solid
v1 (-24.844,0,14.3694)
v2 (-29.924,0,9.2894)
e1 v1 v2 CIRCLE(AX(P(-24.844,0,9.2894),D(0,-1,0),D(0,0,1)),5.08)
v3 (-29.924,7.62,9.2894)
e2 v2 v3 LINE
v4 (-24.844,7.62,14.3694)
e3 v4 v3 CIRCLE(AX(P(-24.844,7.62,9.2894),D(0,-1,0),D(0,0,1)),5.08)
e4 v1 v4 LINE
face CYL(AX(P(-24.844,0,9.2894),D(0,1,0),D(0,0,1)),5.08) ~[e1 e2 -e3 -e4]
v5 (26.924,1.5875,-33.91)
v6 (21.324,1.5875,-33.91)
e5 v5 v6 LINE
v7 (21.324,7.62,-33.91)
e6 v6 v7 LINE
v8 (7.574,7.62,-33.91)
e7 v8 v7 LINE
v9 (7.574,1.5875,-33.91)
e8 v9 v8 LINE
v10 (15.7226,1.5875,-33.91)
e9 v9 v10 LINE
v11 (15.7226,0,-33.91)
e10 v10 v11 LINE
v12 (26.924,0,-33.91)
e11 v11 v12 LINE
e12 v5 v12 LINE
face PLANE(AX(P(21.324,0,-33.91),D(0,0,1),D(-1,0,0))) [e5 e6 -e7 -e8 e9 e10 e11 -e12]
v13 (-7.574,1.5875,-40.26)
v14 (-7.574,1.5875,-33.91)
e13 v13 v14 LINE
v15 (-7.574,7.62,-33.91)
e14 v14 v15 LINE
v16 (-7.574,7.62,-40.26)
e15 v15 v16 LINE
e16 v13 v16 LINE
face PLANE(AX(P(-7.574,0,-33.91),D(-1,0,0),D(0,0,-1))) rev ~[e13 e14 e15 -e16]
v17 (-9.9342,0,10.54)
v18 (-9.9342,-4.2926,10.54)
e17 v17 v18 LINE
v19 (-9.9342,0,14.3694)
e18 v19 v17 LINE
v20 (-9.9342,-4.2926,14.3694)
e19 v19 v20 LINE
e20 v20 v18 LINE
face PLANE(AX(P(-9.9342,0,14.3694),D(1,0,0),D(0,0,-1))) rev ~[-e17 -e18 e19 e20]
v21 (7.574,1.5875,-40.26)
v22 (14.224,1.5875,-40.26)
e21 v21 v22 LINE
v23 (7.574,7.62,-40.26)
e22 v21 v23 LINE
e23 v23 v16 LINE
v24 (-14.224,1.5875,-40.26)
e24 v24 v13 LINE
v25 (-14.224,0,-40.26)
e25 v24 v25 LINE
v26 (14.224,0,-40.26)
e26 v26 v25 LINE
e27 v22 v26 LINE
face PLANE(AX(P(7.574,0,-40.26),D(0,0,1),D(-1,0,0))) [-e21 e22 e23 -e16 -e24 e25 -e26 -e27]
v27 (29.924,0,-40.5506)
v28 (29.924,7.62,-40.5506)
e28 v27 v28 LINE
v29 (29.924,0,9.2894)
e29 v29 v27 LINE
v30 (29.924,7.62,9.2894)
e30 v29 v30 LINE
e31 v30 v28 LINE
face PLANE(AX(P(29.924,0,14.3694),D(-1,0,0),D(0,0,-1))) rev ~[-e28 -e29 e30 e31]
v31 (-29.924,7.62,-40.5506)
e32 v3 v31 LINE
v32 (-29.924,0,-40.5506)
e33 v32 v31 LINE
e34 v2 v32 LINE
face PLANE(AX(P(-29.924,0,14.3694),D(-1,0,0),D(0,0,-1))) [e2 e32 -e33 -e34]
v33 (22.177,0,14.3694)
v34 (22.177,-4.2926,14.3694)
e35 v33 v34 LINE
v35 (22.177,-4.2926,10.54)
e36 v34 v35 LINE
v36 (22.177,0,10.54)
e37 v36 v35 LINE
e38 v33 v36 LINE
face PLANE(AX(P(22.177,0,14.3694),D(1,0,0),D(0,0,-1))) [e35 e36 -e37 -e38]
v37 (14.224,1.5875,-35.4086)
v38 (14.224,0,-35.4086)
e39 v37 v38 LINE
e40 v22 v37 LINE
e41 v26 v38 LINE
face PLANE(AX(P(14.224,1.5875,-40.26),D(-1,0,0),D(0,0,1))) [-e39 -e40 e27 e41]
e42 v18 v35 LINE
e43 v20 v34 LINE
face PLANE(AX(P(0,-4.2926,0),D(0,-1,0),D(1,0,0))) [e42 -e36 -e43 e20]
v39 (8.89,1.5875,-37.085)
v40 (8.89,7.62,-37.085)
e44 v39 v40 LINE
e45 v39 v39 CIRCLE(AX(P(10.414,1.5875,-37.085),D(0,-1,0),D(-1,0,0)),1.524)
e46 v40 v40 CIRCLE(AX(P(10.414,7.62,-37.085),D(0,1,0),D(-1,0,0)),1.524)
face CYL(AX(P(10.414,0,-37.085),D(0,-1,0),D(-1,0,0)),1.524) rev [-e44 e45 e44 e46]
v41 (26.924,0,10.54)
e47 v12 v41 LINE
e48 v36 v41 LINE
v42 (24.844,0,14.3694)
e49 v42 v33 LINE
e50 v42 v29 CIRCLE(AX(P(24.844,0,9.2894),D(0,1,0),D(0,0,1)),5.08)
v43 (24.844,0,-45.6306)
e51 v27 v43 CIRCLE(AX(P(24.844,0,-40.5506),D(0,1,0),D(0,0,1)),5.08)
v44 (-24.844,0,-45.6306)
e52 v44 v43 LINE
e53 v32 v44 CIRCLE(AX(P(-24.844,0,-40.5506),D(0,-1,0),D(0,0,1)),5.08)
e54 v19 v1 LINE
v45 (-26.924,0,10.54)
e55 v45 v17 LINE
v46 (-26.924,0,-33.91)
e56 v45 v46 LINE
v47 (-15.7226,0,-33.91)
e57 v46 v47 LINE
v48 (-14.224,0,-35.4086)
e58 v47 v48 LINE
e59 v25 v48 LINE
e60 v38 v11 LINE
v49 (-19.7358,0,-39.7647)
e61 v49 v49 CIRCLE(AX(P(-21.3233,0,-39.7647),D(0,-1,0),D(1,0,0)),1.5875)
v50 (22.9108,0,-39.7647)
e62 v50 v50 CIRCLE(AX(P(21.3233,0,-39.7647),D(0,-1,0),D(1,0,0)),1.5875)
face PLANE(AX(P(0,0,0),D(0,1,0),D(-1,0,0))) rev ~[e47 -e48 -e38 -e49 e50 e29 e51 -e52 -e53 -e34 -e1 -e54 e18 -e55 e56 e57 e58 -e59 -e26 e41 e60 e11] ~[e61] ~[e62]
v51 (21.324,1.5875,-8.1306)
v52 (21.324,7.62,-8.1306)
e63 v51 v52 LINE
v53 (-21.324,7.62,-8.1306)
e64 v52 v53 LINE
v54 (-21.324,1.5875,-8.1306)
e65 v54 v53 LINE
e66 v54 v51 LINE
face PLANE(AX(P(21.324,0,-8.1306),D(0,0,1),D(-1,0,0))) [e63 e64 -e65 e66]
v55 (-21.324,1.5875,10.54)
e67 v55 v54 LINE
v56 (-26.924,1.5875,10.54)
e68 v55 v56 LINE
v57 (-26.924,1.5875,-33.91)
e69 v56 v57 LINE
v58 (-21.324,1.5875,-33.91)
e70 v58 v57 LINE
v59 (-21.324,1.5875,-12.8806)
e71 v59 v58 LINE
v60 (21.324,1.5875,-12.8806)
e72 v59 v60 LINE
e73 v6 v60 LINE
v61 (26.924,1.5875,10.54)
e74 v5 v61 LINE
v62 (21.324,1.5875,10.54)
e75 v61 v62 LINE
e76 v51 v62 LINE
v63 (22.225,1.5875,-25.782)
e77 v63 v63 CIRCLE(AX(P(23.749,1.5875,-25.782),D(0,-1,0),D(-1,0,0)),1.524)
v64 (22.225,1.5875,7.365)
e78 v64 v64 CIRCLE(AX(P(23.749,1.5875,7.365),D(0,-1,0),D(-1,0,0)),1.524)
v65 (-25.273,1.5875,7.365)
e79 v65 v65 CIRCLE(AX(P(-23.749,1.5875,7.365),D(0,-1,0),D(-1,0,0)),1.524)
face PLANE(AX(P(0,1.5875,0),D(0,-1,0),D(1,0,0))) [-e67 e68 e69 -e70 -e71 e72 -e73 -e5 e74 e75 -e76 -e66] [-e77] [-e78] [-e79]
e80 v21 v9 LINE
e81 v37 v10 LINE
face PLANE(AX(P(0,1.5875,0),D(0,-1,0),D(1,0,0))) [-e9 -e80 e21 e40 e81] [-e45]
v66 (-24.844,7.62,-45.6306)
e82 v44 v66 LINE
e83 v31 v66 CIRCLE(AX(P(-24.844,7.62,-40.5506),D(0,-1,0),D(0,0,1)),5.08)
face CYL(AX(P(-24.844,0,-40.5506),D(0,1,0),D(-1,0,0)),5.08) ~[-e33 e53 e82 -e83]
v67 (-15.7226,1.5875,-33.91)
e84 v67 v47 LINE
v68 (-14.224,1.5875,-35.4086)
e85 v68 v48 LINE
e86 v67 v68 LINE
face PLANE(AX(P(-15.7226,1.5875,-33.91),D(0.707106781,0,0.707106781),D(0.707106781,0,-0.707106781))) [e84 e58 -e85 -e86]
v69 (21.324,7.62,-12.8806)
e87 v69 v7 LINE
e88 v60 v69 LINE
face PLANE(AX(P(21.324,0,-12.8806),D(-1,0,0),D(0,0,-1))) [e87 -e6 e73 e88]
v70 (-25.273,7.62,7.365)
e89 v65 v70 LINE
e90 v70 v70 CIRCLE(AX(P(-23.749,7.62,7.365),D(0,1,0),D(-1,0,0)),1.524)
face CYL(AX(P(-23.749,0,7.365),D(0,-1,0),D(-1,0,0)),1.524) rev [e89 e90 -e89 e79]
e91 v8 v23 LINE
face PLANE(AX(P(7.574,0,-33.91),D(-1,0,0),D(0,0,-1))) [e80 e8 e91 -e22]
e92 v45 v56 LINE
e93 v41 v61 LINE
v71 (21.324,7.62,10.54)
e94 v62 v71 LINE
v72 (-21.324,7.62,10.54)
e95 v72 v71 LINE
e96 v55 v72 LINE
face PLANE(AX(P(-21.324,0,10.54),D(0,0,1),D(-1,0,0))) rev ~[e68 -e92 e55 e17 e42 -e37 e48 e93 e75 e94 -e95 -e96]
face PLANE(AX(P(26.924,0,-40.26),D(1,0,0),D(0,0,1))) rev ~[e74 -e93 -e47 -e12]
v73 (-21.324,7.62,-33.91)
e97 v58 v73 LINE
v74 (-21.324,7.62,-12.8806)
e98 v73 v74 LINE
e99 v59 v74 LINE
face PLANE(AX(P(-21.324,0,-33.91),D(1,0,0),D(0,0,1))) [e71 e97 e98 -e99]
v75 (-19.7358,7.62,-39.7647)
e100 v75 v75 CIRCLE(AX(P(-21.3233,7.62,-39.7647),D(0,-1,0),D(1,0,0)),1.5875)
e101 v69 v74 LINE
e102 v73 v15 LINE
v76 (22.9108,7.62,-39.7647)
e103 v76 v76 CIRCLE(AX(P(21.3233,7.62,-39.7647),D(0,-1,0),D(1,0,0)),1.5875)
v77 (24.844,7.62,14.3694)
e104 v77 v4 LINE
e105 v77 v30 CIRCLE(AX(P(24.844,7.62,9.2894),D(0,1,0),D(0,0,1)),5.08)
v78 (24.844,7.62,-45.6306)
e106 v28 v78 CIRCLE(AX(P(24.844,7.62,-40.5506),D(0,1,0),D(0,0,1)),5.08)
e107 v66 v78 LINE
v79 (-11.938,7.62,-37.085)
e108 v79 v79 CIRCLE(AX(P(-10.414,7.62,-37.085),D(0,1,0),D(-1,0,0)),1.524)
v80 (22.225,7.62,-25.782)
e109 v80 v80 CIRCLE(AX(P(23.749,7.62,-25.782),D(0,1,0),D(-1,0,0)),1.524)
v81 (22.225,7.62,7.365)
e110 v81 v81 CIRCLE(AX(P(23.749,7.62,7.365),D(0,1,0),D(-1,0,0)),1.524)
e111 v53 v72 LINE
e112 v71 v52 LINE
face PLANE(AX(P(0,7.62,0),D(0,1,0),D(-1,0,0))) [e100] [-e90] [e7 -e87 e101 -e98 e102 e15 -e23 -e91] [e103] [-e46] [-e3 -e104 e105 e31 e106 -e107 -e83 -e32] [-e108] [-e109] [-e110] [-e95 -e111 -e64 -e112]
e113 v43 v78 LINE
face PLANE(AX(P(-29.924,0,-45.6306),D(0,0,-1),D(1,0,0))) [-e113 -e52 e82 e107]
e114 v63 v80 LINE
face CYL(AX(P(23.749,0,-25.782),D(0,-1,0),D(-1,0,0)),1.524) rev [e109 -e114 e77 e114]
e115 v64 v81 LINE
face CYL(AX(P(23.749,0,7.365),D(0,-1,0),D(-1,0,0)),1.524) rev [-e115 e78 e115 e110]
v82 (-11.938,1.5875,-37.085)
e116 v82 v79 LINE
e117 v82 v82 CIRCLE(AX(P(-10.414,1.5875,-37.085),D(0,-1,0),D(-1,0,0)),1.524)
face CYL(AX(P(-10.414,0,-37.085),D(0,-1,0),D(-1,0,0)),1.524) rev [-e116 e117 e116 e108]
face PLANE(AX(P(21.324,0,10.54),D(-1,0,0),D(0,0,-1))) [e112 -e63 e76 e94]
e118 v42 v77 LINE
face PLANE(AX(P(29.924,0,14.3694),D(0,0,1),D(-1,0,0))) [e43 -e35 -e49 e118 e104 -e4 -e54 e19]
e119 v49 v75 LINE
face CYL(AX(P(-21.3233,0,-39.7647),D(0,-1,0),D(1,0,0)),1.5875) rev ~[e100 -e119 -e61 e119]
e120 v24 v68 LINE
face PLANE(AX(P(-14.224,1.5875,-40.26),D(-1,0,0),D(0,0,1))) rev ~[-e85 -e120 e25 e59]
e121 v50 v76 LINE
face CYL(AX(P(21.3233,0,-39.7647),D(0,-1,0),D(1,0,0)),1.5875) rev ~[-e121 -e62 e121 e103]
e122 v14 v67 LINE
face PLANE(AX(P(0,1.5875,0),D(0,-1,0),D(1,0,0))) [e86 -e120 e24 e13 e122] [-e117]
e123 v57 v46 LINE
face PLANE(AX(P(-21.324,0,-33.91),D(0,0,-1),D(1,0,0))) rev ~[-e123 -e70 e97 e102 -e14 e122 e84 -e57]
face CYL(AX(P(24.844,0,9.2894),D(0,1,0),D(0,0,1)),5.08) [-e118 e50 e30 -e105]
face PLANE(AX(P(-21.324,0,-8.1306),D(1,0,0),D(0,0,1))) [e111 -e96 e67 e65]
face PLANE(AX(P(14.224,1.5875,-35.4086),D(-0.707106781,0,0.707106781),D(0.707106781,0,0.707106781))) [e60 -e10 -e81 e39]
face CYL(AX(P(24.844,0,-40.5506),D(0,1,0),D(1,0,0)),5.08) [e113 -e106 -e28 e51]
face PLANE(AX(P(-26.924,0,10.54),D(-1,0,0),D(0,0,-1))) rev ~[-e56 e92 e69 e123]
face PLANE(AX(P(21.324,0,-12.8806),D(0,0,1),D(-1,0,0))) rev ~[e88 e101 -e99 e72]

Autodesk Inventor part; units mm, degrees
ref_plane "YZ Plane" through (0, 0, 0) normal (1, 0, 0) x (0, 1, 0)
ref_plane "XZ Plane" through (0, 0, 0) normal (0, 1, 0) x (-1, 0, 0)
ref_plane "XY Plane" through (0, 0, 0) normal (0, 0, 1) x (1, 0, 0)
sketch "Sketch1" plane through (0, 0, 0) normal (0, 1, 0) x (-1, 0, 0)
  line L0 (21.324, 10.54) -> (-21.324, 10.54)
  line L1 (-21.324, -33.91) -> (-15.724, -33.91)
  circle A0 centre (-23.749, -25.782) radius 1.524
  circle A1 centre (-23.749, 7.365) radius 1.524
  circle A2 centre (23.749, 7.365) radius 1.524
  circle A3 centre (10.414, -37.085) radius 1.524
  circle A4 centre (-10.414, -37.085) radius 1.524
  line L2 (-29.924, 14.3694) -> (-29.924, -45.6306)
  line L3 (29.924, 14.3694) -> (29.924, -45.6306)
  line L4 (-29.924, 14.3694) -> (29.924, 14.3694)
  line L5 (-21.324, -33.91) -> (-7.574, -33.91)
  line L6 (-7.574, -33.91) -> (-7.574, -40.26)
  line L7 (-7.574, -40.26) -> (7.574, -40.26)
  line L8 (29.924, -45.6306) -> (-29.924, -45.6306)
  line L9 (-21.324, 10.54) -> (21.324, 10.54)
  circle A5 centre (-23.749, 7.365) radius 1.524
  circle A6 centre (23.749, 7.365) radius 1.524
  circle A7 centre (-23.749, -25.782) radius 1.524
  circle A8 centre (10.414, -37.085) radius 1.524
  circle A9 centre (-10.414, -37.085) radius 1.524
  line L10 (-21.324, -8.1306) -> (21.324, -8.1306)
  line L11 (-21.324, -12.8806) -> (21.324, -12.8806)
  line L12 (-21.324, 10.54) -> (-21.324, -8.1306)
  line L13 (-21.324, -12.8806) -> (-21.324, -33.91)
  line L14 (21.324, -33.91) -> (21.324, -12.8806)
  line L15 (21.324, -8.1306) -> (21.324, 10.54)
  line L16 (21.324, -33.91) -> (7.574, -33.91)
  line L17 (7.574, -33.91) -> (7.574, -40.26)
  point P0 (0, 0)
  point P1 (-14.449, -33.91)
  dimension "d6" = 60
  dimension "d9" = 13.75
  dimension "d11" = 56.1706
  dimension "d12" = 37.5
  dimension "d13" = 32.75
  dimension "d14" = 51.248
  dimension "d15" = 8.6
extrude "Extrusion1" add sketch "Sketch1" along normal blind 7.62
sketch "Sketch2" plane through (0, 0, 0) normal (0, -1, 0) x (1, 0, 0)
  line L0 (21.324, 10.54) -> (-21.324, 10.54) projected
  line L1 (0, 10.54) -> (-26.924, 10.54)
  line L2 (-26.924, 10.54) -> (-26.924, -40.26)
  line L3 (-26.924, -40.26) -> (26.924, -40.26)
  line L4 (26.924, -40.26) -> (26.924, 10.54)
  line L5 (26.924, 10.54) -> (0, 10.54)
  point P0 (0, 0)
  dimension "d18" = 26.924
  dimension "d19" = 50.8
  dimension "d20" = 53.848
extrude "Extrusion2" cut sketch "Sketch2" against normal blind 1.5875
fillet "Fillet1" radius 5.08 4 edges at (29.924, 3.81, 14.3694) (-29.924, 3.81, 14.3694) (29.924, 3.81, -45.6306) (-29.924, 3.81, -45.6306)
sketch "Sketch3" plane through (0, 0, 0) normal (0, -1, 0) x (1, 0, 0)
  line L0 (-24.844, 14.3694) -> (24.844, 14.3694) projected
  line L1 (-9.9342, 14.3694) -> (-9.9342, 10.54)
  line L2 (-29.924, -40.5506) -> (-29.924, 9.2894) projected
  line L3 (22.177, 14.3694) -> (22.177, 10.54)
  line L4 (-26.924, 10.54) -> (26.924, 10.54) projected
  line L5 (29.924, 9.2894) -> (29.924, -40.5506) projected
  line L6 (-9.9342, 14.3694) -> (22.177, 14.3694)
  line L7 (22.177, 10.54) -> (-9.9342, 10.54)
  point P0 (0, 0)
  dimension "d24" = 19.9898
  dimension "d25" = 7.747
extrude "Extrusion3" add sketch "Sketch3" along normal blind 4.2926
sketch "Sketch4" plane through (0, 1.5875, 0) normal (0, -1, 0) x (1, 0, 0)
  line L0 (21.324, -33.91) -> (21.324, -12.8806) projected
  line L1 (26.924, -40.26) -> (-26.924, -40.26) projected
  line L2 (-21.324, -33.91) -> (-7.574, -33.91) projected
  line L3 (-26.924, -40.26) -> (-14.224, -40.26)
  line L4 (-15.7226, -33.91) -> (-26.924, -33.91)
  line L5 (-26.924, -33.91) -> (-26.924, -40.26)
  line L6 (7.574, -33.91) -> (21.324, -33.91) projected
  line L7 (26.924, -40.26) -> (14.224, -40.26)
  line L8 (15.7226, -33.91) -> (26.924, -33.91)
  line L9 (26.924, -33.91) -> (26.924, -40.26)
  line L10 (-14.224, -40.26) -> (-14.224, -35.4086)
  circle A0 centre (-10.414, -37.085) radius 1.524 projected
  line L11 (-15.7226, -33.91) -> (-14.224, -35.4086)
  line L12 (14.224, -40.26) -> (14.224, -35.4086)
  circle A1 centre (10.414, -37.085) radius 1.524 projected
  line L13 (14.224, -35.4086) -> (15.7226, -33.91)
  point P0 (0, 0)
  dimension "d42" = 11.2014
  dimension "d43" = 11.2014
  dimension "d44" = 4.8514
  dimension "d45" = 3.81
  dimension "d46" = 4.8514
  dimension "d48" = 3.81
  dimension "d49" = 6.35
  dimension "d50" = 6.35
extrude "Extrusion4" add sketch "Sketch4" along normal blind 1.5875 contours L1 L5 L4 L2 L11 L10 | L1 L12 L13 L6 L8 L9
sketch "Sketch5" plane through (0, 0, 0) normal (0, -1, 0) x (1, 0, 0)
  line L0 (-14.224, -40.26) -> (-14.224, -35.4086) projected
  line L1 (-15.7226, -33.91) -> (-26.924, -33.91) projected
  line L2 (-26.924, -33.91) -> (-26.924, 10.54) projected
  line L3 (0, -57.6306) -> (0, 26.3694) projected
  line L4 (-26.924, 10.54) -> (-9.9342, 10.54) projected
  line L5 (-24.844, 14.3694) -> (-9.9342, 14.3694) projected
  line L6 (-29.924, -40.5506) -> (-29.924, 9.2894) projected
  circle A0 centre (-21.3233, -39.7647) radius 1.5875
  circle A1 centre (21.3233, -39.7647) radius 1.5875
  point P0 (0, 0)
  dimension "d101" = 3.175
  dimension "d102" = 5.8547
  dimension "d104" = 7.0993
extrude "Extrusion6" cut sketch "Sketch5" against normal up to next
properties part number "front-cam"
